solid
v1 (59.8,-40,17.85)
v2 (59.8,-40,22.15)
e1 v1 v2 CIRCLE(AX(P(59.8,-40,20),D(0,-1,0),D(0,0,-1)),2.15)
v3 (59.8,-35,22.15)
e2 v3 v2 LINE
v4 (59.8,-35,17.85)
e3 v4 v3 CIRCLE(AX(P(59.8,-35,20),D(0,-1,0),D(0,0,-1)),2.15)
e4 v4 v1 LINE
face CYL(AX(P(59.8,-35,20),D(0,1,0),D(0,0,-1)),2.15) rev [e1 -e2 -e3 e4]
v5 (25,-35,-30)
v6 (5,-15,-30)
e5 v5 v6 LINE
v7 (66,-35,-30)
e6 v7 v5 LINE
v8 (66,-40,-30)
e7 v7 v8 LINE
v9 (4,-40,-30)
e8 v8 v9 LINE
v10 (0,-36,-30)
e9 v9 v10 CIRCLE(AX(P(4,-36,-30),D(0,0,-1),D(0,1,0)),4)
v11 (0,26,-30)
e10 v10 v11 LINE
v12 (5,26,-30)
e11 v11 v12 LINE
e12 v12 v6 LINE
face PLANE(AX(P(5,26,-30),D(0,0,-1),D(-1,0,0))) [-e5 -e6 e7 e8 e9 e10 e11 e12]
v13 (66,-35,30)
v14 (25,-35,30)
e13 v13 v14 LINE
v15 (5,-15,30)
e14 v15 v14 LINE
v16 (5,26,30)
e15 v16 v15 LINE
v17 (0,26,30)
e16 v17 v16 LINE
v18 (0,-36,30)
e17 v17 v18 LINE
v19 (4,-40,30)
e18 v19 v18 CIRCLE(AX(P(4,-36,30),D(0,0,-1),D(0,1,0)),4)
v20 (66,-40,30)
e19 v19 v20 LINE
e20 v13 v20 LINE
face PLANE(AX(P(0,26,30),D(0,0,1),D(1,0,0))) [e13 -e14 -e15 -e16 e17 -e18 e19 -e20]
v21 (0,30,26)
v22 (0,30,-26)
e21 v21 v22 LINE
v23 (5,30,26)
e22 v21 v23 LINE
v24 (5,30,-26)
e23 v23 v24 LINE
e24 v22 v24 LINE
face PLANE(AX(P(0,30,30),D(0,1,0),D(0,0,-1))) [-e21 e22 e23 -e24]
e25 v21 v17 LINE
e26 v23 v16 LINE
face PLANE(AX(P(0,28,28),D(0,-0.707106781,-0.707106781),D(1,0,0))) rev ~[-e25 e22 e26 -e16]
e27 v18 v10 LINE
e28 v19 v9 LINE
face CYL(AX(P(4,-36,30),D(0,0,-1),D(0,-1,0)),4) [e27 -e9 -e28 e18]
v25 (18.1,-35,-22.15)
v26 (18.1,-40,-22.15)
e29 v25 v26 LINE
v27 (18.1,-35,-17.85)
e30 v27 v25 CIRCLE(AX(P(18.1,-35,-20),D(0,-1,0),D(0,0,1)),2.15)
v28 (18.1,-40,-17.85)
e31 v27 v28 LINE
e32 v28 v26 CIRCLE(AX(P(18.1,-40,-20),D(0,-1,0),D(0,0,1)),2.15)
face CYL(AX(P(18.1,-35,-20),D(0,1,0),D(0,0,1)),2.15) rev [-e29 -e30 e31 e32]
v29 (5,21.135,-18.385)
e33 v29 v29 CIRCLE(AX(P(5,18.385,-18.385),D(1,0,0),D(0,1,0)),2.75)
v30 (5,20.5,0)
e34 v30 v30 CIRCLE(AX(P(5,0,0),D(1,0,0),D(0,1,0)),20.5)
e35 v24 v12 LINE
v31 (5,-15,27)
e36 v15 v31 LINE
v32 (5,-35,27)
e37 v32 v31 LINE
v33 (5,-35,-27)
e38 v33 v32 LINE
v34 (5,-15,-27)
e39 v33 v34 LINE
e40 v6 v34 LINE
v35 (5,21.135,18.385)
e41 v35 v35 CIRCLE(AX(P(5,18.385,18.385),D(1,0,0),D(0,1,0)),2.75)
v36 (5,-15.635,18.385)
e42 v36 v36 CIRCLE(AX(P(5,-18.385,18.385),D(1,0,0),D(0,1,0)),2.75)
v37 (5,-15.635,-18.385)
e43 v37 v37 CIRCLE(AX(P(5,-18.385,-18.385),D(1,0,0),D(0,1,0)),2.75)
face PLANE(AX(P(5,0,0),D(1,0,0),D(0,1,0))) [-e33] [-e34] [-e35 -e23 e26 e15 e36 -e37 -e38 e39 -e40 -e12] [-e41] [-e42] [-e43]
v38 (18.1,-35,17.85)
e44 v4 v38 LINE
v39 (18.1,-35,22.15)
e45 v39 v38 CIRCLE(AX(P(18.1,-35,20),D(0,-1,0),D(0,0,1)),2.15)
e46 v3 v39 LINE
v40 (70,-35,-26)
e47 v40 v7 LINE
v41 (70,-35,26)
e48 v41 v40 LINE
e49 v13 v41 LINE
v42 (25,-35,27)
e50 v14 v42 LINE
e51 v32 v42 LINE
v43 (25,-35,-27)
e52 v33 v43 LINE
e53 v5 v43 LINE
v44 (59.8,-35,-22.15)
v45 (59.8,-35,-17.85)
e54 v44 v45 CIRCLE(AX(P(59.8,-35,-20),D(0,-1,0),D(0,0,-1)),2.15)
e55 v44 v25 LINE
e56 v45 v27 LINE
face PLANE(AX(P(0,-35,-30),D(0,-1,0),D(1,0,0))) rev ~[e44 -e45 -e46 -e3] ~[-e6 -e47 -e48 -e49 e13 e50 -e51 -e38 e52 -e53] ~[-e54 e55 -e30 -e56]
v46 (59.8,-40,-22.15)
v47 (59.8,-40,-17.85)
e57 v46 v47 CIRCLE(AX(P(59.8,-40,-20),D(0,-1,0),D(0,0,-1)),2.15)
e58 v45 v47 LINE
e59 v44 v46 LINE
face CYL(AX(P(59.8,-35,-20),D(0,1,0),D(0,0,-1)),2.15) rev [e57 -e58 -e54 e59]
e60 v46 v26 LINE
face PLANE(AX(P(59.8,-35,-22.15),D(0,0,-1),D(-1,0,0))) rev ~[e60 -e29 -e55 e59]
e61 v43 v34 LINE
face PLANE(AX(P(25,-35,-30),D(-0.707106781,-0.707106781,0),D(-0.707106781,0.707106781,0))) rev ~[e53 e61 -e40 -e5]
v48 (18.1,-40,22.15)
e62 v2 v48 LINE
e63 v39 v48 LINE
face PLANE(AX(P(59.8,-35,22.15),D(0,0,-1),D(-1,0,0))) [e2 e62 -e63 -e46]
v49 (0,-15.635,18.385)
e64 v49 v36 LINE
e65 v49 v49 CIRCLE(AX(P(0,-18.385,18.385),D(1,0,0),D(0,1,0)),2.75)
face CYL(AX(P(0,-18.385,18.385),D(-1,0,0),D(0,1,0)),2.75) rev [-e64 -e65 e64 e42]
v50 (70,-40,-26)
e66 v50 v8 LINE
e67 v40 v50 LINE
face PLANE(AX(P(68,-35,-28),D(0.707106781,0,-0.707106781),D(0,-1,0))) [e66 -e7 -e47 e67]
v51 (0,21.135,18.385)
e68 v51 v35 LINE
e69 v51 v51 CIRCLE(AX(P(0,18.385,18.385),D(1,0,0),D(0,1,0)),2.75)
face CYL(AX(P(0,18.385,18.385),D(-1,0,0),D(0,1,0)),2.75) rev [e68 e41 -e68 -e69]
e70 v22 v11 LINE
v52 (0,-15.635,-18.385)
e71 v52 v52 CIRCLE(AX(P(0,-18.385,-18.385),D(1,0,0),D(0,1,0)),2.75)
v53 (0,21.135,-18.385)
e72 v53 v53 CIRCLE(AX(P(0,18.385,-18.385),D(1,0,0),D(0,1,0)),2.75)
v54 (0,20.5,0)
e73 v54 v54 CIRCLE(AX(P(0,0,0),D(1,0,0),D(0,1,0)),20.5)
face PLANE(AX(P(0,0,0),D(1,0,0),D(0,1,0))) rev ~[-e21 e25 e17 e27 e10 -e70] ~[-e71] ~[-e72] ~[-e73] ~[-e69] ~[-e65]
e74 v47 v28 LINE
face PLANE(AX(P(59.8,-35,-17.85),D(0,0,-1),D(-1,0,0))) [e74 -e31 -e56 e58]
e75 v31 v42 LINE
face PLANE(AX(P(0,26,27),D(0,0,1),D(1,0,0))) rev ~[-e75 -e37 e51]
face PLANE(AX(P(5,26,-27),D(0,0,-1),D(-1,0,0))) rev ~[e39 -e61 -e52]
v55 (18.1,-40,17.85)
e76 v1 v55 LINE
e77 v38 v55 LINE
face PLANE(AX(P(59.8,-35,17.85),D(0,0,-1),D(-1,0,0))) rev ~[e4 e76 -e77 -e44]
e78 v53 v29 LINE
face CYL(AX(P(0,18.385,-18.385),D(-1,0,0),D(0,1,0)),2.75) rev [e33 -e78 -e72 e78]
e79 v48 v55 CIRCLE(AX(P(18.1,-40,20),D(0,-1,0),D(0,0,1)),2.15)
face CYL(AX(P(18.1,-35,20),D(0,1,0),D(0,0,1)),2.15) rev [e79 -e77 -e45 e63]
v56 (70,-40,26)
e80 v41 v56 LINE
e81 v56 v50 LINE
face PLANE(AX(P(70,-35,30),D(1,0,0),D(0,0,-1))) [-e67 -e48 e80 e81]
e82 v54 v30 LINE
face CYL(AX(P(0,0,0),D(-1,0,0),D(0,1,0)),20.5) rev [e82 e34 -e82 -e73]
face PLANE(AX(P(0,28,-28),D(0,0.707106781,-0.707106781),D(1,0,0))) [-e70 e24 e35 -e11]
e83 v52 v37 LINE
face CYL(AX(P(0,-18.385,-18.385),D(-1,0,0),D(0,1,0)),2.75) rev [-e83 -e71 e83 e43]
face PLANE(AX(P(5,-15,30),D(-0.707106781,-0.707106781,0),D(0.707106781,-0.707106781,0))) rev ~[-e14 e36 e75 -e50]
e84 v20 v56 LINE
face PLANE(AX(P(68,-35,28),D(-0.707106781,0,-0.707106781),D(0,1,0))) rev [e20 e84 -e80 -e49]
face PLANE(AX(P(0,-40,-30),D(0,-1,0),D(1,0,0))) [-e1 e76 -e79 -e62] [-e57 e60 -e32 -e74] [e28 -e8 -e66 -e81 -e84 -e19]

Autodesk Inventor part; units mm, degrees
ref_plane "YZ Plane" through (0, 0, 0) normal (1, 0, 0) x (0, 1, 0)
ref_plane "XZ Plane" through (0, 0, 0) normal (0, 1, 0) x (-1, 0, 0)
ref_plane "XY Plane" through (0, 0, 0) normal (0, 0, 1) x (1, 0, 0)
sketch "Sketch5" plane through (0, 0, 0) normal (1, 0, 0) x (0, 1, 0)
  line L0 (30, 30) -> (30, -30)
  line L1 (30, -30) -> (-35, -30)
  line L2 (-35, -30) -> (-35, 30)
  line L3 (30, 30) -> (-35, 30)
  circle A0 centre (0, 0) radius 20.5
  circle A1 centre (18.385, 18.385) radius 2.75
  circle A2 centre (18.385, -18.385) radius 2.75
  circle A3 centre (-18.385, 18.385) radius 2.75
  circle A4 centre (-18.385, -18.385) radius 2.75
  dimension "d47" = 60
  dimension "d48" = 65
  dimension "d49" = 60
  dimension "d50" = 41
  dimension "d55" = 5.5
  dimension "d56" = 5.5
  dimension "d57" = 5.5
  dimension "d58" = 5.5
extrude "Extrusion5" add sketch "Sketch5" along normal blind 5
sketch "Sketch6" plane through (0, -35, -30) normal (0, -1, 0) x (1, 0, 0)
  line L0 (0, 60) -> (0, 0) projected
  line L1 (0, 60) -> (70, 60)
  line L2 (70, 60) -> (70, 0)
  line L3 (70, 0) -> (0, 0)
  line L4 (0, 0) -> (0, 60)
  line L5 (70, 60) -> (59.8, 60)
  arc A0 (59.8, 47.85) -> (59.8, 52.15) centre (59.8, 50) ccw
  arc A1 (59.8, 7.85) -> (59.8, 12.15) centre (59.8, 10) ccw
  arc A2 (18.1, 52.15) -> (18.1, 47.85) centre (18.1, 50) ccw
  arc A3 (18.1, 12.15) -> (18.1, 7.85) centre (18.1, 10) ccw
  line L6 (59.8, 47.85) -> (18.1, 47.85)
  line L7 (59.8, 52.15) -> (18.1, 52.15)
  line L8 (59.8, 7.85) -> (18.1, 7.85)
  line L9 (59.8, 12.15) -> (18.1, 12.15)
  point P0 (0, 30)
  dimension "d61" = 70
  dimension "d62" = 60
  dimension "d65" = 4.3
  dimension "d67" = 4.3
  dimension "d69" = 4.3
  dimension "d71" = 4.3
extrude "Extrusion6" add sketch "Sketch6" along normal blind 5
chamfer "Chamfer1" distance 4 angle 45 1 edges at (2.5, 30, -30)
chamfer "Chamfer2" distance 4 angle 45 1 edges at (2.5, 30, 30)
chamfer "Chamfer3" distance 4 angle 45 1 edges at (70, -37.5, 30)
chamfer "Chamfer4" distance 4 angle 45 1 edges at (70, -37.5, -30)
fillet "Fillet2" radius 4 1 edges at (0, -40, 0)
sketch "Sketch7" plane through (0, 26, 30) normal (0, 0, 1) x (1, 0, 0)
  line L0 (5, -61) -> (66, -61) projected
  line L1 (5, -61) -> (25, -61)
  line L2 (5, -61) -> (5, -41)
  line L3 (5, -61) -> (5, 0) projected
  line L4 (5, -41) -> (25, -61)
  point P0 (0, -26)
  dimension "d87" = 20
  dimension "d88" = 20
extrude "Extrusion7" add sketch "Sketch7" against normal blind 3
sketch "Sketch8" plane through (5, 26, -30) normal (0, 0, -1) x (-1, 0, 0)
  line L0 (0, -61) -> (-61, -61) projected
  line L1 (0, 0) -> (0, -41) projected
  line L2 (0, -61) -> (0, -41)
  line L3 (-20, -61) -> (0, -41) projected
  line L4 (0, -61) -> (-20, -61)
  line L5 (-20, -61) -> (0, -41)
  point P0 (5, -26)
extrude "Extrusion8" add sketch "Sketch8" against normal blind 3
properties part number "mount" material "Aluminum 6061"
